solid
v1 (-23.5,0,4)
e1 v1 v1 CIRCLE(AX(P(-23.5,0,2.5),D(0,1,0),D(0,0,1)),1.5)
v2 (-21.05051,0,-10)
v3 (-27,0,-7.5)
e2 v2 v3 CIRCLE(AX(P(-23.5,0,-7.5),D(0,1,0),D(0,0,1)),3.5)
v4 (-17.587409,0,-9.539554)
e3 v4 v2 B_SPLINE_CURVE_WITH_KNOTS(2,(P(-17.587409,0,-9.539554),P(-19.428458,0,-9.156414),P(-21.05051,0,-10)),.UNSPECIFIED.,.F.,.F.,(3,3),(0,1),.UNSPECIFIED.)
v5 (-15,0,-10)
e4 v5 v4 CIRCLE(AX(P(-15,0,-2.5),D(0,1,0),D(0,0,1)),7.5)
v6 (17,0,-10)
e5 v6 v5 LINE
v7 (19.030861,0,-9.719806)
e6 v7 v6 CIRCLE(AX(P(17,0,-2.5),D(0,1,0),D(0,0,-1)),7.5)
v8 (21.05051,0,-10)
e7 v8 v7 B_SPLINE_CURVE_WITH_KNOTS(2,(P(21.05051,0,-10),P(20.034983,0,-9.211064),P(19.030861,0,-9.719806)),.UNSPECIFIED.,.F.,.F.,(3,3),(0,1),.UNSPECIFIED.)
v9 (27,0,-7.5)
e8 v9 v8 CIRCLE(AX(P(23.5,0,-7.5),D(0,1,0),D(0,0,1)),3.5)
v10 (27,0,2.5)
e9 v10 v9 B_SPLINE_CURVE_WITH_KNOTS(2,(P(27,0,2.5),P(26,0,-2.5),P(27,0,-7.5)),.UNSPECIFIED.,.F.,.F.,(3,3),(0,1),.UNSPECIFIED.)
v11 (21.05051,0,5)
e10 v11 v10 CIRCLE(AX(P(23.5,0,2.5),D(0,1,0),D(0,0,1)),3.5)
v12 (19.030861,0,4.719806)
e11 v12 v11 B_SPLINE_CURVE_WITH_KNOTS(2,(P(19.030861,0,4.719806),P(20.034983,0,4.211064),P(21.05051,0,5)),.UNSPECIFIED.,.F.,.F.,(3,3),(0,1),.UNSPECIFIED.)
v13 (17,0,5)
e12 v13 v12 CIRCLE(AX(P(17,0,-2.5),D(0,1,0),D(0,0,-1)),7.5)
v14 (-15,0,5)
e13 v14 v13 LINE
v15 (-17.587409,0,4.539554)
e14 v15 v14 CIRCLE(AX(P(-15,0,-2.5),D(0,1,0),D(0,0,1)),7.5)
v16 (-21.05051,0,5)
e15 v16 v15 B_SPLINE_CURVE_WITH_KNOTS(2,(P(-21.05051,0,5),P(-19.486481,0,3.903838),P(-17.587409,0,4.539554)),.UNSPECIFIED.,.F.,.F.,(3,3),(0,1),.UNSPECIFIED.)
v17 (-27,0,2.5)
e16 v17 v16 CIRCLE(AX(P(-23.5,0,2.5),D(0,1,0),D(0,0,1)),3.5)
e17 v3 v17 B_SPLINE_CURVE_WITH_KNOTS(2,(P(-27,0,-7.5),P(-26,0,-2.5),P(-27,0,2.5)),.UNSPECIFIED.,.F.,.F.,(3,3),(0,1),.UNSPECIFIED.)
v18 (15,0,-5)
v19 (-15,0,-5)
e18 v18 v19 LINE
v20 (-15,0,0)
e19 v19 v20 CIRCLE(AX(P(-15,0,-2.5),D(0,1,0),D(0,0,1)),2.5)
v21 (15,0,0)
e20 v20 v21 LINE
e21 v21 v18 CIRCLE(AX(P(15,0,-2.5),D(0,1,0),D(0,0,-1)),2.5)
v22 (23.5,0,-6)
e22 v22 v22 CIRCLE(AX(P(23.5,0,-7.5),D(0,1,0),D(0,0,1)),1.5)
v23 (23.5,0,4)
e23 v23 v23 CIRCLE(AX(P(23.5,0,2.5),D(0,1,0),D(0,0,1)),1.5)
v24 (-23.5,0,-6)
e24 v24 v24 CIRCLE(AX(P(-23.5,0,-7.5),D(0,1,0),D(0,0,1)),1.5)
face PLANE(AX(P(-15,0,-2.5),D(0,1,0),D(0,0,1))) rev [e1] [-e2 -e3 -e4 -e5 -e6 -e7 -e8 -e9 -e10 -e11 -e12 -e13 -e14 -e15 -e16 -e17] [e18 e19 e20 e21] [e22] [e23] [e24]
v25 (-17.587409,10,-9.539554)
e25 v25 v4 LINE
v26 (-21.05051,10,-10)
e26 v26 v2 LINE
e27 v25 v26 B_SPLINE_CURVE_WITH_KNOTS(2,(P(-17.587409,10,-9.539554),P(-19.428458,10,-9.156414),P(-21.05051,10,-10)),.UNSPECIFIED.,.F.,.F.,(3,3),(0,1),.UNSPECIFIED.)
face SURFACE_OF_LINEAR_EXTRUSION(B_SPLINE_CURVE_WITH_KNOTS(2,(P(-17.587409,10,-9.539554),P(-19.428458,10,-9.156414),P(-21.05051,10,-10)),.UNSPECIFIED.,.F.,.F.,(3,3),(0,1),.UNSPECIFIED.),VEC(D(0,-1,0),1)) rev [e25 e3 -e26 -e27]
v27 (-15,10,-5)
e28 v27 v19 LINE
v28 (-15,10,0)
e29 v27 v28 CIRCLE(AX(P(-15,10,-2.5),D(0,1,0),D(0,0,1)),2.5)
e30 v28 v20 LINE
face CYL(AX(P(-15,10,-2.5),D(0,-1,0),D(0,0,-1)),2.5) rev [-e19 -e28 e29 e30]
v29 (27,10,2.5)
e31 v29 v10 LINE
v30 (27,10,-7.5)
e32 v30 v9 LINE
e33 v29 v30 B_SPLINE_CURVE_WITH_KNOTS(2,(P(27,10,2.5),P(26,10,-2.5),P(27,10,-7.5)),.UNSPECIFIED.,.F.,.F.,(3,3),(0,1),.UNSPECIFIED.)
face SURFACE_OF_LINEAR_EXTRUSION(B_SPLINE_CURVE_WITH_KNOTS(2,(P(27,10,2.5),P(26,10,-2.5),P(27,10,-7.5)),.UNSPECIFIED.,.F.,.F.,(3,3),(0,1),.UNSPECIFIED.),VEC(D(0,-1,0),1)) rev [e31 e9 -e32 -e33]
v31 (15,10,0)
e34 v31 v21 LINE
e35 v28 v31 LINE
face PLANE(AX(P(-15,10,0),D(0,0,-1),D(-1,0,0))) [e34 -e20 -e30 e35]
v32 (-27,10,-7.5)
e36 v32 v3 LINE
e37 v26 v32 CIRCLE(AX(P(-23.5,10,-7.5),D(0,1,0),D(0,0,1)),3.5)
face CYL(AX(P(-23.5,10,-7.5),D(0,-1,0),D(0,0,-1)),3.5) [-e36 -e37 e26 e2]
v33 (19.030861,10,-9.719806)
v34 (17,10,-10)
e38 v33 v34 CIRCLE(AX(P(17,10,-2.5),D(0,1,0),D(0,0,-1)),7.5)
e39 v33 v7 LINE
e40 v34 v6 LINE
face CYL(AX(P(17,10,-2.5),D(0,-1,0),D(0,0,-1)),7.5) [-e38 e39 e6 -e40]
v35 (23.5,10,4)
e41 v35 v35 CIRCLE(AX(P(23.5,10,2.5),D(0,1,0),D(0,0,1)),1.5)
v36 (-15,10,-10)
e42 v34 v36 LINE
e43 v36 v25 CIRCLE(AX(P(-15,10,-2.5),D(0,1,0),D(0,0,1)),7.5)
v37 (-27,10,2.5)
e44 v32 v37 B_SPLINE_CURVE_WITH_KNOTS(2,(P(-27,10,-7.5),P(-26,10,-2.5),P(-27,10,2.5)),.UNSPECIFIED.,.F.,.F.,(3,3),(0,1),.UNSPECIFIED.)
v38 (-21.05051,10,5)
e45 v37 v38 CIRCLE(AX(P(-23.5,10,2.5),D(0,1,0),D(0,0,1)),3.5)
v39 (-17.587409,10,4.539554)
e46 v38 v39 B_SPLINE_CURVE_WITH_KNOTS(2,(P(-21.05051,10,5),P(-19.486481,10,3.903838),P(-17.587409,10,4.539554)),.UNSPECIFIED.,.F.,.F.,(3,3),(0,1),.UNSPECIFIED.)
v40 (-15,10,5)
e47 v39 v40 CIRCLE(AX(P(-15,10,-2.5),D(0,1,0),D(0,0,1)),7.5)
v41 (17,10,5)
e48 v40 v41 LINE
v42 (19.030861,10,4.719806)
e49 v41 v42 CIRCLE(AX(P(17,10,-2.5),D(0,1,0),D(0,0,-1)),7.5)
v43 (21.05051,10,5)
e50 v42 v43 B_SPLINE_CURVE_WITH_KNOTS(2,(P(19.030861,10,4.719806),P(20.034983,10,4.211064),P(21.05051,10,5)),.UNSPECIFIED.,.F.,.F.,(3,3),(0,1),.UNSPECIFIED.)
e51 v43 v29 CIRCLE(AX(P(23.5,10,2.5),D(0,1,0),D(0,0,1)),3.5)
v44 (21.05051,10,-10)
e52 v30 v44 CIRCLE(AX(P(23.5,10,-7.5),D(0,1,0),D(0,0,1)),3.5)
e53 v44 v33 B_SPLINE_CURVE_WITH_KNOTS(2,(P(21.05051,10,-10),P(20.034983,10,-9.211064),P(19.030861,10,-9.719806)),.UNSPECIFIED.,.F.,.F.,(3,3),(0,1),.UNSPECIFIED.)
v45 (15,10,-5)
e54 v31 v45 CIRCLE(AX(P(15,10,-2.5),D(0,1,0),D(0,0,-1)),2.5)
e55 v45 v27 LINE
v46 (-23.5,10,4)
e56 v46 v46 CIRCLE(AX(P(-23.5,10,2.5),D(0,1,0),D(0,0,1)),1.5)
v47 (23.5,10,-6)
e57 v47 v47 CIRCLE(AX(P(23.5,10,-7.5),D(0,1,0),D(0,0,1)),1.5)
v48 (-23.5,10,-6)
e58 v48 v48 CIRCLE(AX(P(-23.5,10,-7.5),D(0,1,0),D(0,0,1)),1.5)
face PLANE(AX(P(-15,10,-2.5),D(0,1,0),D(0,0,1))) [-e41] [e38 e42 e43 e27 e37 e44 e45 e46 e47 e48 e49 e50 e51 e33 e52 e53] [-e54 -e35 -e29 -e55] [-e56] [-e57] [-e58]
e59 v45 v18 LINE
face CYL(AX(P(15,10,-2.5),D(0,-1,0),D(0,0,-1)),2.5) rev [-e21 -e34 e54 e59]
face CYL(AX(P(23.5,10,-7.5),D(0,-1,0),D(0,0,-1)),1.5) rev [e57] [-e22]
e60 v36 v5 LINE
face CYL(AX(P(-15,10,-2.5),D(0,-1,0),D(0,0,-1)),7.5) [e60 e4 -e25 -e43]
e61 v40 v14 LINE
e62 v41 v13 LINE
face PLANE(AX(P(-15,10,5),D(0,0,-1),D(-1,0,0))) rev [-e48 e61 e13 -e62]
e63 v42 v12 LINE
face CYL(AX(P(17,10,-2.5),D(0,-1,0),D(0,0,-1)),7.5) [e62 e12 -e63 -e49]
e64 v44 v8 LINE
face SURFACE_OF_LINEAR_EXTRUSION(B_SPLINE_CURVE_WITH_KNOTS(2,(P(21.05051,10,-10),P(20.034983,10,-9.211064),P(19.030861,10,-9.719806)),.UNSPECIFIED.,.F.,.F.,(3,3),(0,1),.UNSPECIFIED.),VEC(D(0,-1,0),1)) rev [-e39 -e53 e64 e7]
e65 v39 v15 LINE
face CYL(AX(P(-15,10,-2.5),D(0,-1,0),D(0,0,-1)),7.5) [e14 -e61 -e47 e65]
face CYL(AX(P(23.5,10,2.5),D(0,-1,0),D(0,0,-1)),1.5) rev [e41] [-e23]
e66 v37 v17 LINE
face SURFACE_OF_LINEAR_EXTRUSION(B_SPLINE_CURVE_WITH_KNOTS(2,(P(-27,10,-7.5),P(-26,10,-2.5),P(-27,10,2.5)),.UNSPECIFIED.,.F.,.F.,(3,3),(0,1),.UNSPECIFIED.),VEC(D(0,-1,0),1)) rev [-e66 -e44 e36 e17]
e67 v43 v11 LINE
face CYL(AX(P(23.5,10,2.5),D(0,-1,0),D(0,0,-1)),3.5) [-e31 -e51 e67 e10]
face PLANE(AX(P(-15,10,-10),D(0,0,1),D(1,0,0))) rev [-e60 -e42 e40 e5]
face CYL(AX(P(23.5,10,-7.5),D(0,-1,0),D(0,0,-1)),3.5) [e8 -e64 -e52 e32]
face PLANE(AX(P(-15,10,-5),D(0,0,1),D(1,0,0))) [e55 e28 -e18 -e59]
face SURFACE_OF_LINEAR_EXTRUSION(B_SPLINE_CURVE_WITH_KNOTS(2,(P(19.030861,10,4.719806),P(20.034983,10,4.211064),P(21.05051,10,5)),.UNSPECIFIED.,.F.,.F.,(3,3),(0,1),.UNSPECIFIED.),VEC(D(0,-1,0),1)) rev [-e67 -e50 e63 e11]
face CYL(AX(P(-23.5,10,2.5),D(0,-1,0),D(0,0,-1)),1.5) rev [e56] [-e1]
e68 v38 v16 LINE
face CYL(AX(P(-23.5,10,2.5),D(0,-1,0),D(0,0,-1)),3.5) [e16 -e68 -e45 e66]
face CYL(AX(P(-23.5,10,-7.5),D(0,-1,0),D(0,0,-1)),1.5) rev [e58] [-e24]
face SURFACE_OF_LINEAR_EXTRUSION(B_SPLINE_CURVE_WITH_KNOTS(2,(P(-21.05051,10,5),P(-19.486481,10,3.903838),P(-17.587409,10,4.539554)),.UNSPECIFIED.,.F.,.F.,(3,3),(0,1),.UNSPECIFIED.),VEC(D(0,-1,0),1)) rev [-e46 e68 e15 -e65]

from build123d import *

# Parameters (mm, degrees)
SZKIC1_R                    = 1.5
DODANIE_WYCI_GNI_CIE1_DEPTH = 10


with BuildPart() as part:
    # Szkic1 → Dodanie-wyciągnięcie1 (new body)
    with BuildSketch(Plane(origin=(0, 0, 0), x_dir=(1, 0, 0), z_dir=(0, 1, 0))):
        with BuildLine():
            Line((-15, -5), (17, -5))
            ThreePointArc((17, -5), (18.0250496, -4.929621344), (19.030861437, -4.719806218))
            add(Edge.make_bspline(
                [(21.050510257, -5), (20.034983278, -4.211064237), (19.030861437, -4.719806218)],
                knots=[0, 0, 0, 1, 1, 1], degree=2))
            ThreePointArc((21.050510257, -5), (24.855873501, -5.726702194), (27, -2.5))
            add(Edge.make_bspline(
                [(27, -2.5), (26, 2.5), (27, 7.5)],
                knots=[0, 0, 0, 1, 1, 1], degree=2))
            ThreePointArc((27, 7.5), (24.855873501, 10.726702194), (21.050510257, 10))
            add(Edge.make_bspline(
                [(21.050510257, 10), (20.034983278, 9.211064237), (19.030861437, 9.719806218)],
                knots=[0, 0, 0, 1, 1, 1], degree=2))
            ThreePointArc((19.030861437, 9.719806218), (18.0250496, 9.929621344), (17, 10))
            Line((17, 10), (-15, 10))
            ThreePointArc((-15, 10), (-16.314029759, 9.883991183), (-17.587409108, 9.539553545))
            add(Edge.make_bspline(
                [(-21.050510257, 10), (-19.428457916, 9.156413681), (-17.587409108, 9.539553545)],
                knots=[0, 0, 0, 1, 1, 1], degree=2))
            ThreePointArc((-21.050510257, 10), (-24.855873501, 10.726702194), (-27, 7.5))
            add(Edge.make_bspline(
                [(-27, 7.5), (-26, 2.5), (-27, -2.5)],
                knots=[0, 0, 0, 1, 1, 1], degree=2))
            ThreePointArc((-27, -2.5), (-24.855873501, -5.726702194), (-21.050510257, -5))
            add(Edge.make_bspline(
                [(-21.050510257, -5), (-19.486480964, -3.903838013), (-17.587409108, -4.539553545)],
                knots=[0, 0, 0, 1, 1, 1], degree=2))
            ThreePointArc((-17.587409108, -4.539553545), (-16.314029759, -4.883991183), (-15, -5))
        make_face()
        with Locations(Location((-23.5, -2.5, 0), (0, 0, 270))):
            Circle(SZKIC1_R, mode=Mode.SUBTRACT)
        with Locations(Location((-23.5, 7.5, 0), (0, 0, 270))):
            Circle(SZKIC1_R, mode=Mode.SUBTRACT)
        with Locations(Location((23.5, 7.5, 0), (0, 0, 270))):
            Circle(SZKIC1_R, mode=Mode.SUBTRACT)
        with Locations(Location((23.5, -2.5, 0), (0, 0, 270))):
            Circle(SZKIC1_R, mode=Mode.SUBTRACT)
        with BuildLine():
            Line((-15, 0), (15, 0))
            ThreePointArc((15, 0), (17.5, 2.5), (15, 5))
            Line((15, 5), (-15, 5))
            ThreePointArc((-15, 5), (-17.5, 2.5), (-15, 0))
        make_face(mode=Mode.SUBTRACT)
    extrude(amount=DODANIE_WYCI_GNI_CIE1_DEPTH)


solid = part.part
